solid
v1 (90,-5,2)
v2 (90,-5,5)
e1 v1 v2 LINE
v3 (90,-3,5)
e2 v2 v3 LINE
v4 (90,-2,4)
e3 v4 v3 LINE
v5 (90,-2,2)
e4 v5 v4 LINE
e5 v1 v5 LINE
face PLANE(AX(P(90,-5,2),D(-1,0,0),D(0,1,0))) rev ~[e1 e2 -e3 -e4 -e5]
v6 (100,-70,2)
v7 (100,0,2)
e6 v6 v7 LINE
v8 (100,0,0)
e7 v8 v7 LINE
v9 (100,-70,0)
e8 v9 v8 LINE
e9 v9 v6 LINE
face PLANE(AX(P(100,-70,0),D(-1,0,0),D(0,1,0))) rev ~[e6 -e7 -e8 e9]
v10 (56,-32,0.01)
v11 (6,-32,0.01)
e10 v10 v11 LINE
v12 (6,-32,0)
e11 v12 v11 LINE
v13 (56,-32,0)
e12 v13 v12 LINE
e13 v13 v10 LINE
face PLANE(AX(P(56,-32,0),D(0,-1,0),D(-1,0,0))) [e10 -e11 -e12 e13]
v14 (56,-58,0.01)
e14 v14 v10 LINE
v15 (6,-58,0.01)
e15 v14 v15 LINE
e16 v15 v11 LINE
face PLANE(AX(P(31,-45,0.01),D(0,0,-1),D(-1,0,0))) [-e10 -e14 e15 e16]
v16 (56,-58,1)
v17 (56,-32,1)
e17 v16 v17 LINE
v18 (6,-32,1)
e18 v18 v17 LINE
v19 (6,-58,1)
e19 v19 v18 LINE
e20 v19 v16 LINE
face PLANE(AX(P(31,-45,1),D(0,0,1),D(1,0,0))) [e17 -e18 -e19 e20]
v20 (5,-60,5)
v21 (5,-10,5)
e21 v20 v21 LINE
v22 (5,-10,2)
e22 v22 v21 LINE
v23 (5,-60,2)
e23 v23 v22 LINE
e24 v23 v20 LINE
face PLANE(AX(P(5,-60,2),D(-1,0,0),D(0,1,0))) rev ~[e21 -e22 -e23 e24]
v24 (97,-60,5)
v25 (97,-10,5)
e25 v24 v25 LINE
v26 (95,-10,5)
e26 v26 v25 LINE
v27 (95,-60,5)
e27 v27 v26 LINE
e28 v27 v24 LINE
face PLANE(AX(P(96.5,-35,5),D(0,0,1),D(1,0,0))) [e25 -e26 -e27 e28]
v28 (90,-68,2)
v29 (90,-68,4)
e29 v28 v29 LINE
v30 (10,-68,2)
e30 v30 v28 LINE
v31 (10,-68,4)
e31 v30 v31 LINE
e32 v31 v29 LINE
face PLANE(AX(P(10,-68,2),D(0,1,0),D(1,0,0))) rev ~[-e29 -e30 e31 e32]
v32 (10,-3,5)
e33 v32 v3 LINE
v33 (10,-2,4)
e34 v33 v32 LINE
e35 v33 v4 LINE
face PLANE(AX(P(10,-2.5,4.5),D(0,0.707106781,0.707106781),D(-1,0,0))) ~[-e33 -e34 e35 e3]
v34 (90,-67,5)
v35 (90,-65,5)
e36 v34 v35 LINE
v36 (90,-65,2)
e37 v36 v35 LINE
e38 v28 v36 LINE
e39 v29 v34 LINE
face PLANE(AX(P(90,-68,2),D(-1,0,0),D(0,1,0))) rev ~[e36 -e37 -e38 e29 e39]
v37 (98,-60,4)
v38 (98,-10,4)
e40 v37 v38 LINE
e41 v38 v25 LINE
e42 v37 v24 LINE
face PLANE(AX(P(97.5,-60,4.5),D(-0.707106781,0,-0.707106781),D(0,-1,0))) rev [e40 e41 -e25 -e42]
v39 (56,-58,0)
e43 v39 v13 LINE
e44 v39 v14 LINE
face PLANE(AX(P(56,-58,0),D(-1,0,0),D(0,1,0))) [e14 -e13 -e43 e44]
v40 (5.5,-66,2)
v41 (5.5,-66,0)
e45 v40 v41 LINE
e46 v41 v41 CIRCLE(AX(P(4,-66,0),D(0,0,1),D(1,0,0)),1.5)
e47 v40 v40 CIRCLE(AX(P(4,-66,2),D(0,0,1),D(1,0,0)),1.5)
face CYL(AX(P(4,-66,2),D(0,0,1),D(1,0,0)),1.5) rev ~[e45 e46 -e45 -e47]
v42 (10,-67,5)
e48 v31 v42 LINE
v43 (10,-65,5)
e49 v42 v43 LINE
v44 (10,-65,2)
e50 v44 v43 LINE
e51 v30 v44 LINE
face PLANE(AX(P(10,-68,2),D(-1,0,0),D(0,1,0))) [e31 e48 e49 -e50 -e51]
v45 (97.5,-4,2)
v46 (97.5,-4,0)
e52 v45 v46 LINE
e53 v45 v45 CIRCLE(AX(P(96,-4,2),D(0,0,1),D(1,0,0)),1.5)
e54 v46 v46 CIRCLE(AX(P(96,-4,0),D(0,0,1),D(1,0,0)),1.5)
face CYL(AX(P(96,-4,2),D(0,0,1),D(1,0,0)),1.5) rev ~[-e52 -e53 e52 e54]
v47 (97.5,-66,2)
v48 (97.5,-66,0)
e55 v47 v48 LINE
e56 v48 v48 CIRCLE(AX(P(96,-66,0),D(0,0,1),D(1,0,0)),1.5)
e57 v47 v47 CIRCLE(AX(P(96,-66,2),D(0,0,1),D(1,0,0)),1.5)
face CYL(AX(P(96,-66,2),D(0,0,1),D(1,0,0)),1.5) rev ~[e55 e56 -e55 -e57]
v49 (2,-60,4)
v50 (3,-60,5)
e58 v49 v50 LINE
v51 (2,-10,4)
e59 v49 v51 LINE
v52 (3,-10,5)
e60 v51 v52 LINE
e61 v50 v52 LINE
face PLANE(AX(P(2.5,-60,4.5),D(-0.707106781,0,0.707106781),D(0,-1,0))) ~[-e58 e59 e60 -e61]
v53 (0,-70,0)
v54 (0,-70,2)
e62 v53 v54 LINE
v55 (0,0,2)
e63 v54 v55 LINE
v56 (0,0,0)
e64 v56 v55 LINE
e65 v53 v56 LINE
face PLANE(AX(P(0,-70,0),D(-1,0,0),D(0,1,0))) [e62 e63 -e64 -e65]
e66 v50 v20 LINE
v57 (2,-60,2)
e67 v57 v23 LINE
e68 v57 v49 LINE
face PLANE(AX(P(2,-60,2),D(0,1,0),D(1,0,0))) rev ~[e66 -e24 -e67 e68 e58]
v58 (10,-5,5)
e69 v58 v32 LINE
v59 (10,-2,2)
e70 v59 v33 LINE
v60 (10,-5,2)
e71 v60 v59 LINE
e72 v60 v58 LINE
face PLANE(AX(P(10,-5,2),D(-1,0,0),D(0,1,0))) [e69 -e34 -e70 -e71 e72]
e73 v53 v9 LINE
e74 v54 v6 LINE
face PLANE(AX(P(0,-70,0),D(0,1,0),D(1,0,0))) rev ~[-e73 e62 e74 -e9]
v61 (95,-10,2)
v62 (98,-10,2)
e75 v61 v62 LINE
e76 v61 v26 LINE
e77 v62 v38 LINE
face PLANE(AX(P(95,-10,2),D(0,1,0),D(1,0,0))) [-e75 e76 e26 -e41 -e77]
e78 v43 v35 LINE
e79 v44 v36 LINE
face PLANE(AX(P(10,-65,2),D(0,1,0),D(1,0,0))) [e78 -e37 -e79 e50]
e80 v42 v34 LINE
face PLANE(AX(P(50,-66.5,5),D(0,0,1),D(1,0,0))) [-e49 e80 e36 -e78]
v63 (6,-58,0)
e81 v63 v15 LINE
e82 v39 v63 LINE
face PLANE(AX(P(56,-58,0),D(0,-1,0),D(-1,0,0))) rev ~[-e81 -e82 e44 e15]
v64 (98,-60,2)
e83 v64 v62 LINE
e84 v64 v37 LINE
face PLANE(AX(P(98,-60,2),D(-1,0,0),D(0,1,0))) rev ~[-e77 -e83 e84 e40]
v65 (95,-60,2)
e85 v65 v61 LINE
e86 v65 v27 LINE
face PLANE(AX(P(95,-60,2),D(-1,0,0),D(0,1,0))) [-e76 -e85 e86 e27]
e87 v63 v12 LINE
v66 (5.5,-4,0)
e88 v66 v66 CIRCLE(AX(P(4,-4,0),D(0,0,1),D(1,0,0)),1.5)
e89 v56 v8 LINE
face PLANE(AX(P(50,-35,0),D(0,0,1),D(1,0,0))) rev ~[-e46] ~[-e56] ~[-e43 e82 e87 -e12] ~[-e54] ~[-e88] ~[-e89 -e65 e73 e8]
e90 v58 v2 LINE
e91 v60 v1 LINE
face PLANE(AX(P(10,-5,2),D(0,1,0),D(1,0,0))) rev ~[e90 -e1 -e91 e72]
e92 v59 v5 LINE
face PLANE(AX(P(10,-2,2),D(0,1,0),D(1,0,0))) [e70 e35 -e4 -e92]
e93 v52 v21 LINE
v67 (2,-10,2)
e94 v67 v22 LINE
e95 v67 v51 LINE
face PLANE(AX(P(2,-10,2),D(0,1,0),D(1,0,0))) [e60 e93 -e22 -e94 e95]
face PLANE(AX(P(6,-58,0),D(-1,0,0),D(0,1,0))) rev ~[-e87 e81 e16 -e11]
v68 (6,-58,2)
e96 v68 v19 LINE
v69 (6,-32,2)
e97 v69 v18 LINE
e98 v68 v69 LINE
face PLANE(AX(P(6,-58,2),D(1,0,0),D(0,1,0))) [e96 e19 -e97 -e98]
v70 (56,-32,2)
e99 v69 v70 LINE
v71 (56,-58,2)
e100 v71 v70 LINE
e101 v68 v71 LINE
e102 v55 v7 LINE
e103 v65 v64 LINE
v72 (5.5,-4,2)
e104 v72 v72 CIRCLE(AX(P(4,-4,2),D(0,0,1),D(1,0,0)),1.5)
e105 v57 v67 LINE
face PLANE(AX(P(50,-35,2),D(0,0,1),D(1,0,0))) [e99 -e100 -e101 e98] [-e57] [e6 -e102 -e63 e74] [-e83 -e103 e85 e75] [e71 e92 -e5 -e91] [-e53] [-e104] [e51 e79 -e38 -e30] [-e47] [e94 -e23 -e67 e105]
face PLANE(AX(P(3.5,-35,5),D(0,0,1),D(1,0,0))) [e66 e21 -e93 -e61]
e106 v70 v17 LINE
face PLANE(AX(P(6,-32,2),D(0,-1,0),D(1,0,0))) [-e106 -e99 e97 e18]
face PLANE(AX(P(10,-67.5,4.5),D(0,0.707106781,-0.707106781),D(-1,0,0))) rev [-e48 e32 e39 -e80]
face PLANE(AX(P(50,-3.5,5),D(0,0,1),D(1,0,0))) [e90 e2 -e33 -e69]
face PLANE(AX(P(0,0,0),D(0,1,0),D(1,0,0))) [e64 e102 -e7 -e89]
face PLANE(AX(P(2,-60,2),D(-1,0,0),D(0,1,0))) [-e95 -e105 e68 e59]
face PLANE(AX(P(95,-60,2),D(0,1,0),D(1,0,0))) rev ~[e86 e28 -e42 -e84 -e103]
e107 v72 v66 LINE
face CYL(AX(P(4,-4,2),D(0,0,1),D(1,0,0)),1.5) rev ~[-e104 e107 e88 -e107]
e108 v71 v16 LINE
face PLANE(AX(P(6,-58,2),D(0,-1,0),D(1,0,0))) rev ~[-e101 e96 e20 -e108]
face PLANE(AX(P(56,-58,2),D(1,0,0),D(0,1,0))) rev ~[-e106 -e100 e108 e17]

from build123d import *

# Parameters (mm, degrees)
SKIZZE1_W                       = 100
SKIZZE1_H                       = 70
AUFSATZ_LINEAR_AUSTRAGEN1_DEPTH = 2
SKIZZE2_W                       = 80
SKIZZE2_H                       = 3
SKIZZE2_W_2                     = 3
SKIZZE2_H_2                     = 50
AUFSATZ_LINEAR_AUSTRAGEN2_DEPTH = 3
FASE1_SIZE                      = 1
SKIZZE3_R                       = 1.5
SCHNITT_LINEAR_AUSTRAGEN1_DEPTH = 123.102416029
SKIZZE4_W                       = 50
SKIZZE4_H                       = 26
SCHNITT_LINEAR_AUSTRAGEN2_DEPTH = 0.01
SKIZZE6_W                       = 50
SKIZZE6_H                       = 26
SCHNITT_LINEAR_AUSTRAGEN3_DEPTH = 1


with BuildPart() as part:
    # Skizze1 → Aufsatz-Linear austragen1 (new body)
    with BuildSketch(Plane.XY):
        with Locations((50, -35)):
            Rectangle(SKIZZE1_W, SKIZZE1_H)
    extrude(amount=AUFSATZ_LINEAR_AUSTRAGEN1_DEPTH)

    # Skizze2 → Aufsatz-Linear austragen2 (add)
    with BuildSketch(Plane.XY.offset(2)):
        with Locations((50, -3.5)):
            Rectangle(SKIZZE2_W, SKIZZE2_H)
        with Locations((50, -66.5)):
            Rectangle(SKIZZE2_W, SKIZZE2_H)
        with Locations((96.5, -35)):
            Rectangle(SKIZZE2_W_2, SKIZZE2_H_2)
        with Locations((3.5, -35)):
            Rectangle(SKIZZE2_W_2, SKIZZE2_H_2)
    extrude(amount=AUFSATZ_LINEAR_AUSTRAGEN2_DEPTH)

    # Fase1
    fase1_edges = [part.edges().sort_by_distance(p)[0] for p in [
        (50, -2, 5),
        (50, -68, 5),
        (98, -35, 5),
        (2, -35, 5),
    ]]
    chamfer(fase1_edges, length=FASE1_SIZE)

    # Skizze3 → Schnitt-Linear austragen1 (cut, through all)
    with BuildSketch(Plane.XY.offset(2)):
        with Locations((4, -4)):
            Circle(SKIZZE3_R)
        with Locations((96, -4)):
            Circle(SKIZZE3_R)
        with Locations((96, -66)):
            Circle(SKIZZE3_R)
        with Locations((4, -66)):
            Circle(SKIZZE3_R)
    extrude(amount=-SCHNITT_LINEAR_AUSTRAGEN1_DEPTH, mode=Mode.SUBTRACT)

    # Skizze4 → Schnitt-Linear austragen2 (cut)
    with BuildSketch(Plane(origin=(0, 0, 0), x_dir=(-1, 0, 0), z_dir=(0, 0, -1))):
        with Locations((-31, -45)):
            Rectangle(SKIZZE4_W, SKIZZE4_H)
    extrude(amount=-SCHNITT_LINEAR_AUSTRAGEN2_DEPTH, mode=Mode.SUBTRACT)

    # Skizze6 → Schnitt-Linear austragen3 (cut)
    with BuildSketch(Plane.XY.offset(2)):
        with Locations((31, -45)):
            Rectangle(SKIZZE6_W, SKIZZE6_H)
    extrude(amount=-SCHNITT_LINEAR_AUSTRAGEN3_DEPTH, mode=Mode.SUBTRACT)


solid = part.part
